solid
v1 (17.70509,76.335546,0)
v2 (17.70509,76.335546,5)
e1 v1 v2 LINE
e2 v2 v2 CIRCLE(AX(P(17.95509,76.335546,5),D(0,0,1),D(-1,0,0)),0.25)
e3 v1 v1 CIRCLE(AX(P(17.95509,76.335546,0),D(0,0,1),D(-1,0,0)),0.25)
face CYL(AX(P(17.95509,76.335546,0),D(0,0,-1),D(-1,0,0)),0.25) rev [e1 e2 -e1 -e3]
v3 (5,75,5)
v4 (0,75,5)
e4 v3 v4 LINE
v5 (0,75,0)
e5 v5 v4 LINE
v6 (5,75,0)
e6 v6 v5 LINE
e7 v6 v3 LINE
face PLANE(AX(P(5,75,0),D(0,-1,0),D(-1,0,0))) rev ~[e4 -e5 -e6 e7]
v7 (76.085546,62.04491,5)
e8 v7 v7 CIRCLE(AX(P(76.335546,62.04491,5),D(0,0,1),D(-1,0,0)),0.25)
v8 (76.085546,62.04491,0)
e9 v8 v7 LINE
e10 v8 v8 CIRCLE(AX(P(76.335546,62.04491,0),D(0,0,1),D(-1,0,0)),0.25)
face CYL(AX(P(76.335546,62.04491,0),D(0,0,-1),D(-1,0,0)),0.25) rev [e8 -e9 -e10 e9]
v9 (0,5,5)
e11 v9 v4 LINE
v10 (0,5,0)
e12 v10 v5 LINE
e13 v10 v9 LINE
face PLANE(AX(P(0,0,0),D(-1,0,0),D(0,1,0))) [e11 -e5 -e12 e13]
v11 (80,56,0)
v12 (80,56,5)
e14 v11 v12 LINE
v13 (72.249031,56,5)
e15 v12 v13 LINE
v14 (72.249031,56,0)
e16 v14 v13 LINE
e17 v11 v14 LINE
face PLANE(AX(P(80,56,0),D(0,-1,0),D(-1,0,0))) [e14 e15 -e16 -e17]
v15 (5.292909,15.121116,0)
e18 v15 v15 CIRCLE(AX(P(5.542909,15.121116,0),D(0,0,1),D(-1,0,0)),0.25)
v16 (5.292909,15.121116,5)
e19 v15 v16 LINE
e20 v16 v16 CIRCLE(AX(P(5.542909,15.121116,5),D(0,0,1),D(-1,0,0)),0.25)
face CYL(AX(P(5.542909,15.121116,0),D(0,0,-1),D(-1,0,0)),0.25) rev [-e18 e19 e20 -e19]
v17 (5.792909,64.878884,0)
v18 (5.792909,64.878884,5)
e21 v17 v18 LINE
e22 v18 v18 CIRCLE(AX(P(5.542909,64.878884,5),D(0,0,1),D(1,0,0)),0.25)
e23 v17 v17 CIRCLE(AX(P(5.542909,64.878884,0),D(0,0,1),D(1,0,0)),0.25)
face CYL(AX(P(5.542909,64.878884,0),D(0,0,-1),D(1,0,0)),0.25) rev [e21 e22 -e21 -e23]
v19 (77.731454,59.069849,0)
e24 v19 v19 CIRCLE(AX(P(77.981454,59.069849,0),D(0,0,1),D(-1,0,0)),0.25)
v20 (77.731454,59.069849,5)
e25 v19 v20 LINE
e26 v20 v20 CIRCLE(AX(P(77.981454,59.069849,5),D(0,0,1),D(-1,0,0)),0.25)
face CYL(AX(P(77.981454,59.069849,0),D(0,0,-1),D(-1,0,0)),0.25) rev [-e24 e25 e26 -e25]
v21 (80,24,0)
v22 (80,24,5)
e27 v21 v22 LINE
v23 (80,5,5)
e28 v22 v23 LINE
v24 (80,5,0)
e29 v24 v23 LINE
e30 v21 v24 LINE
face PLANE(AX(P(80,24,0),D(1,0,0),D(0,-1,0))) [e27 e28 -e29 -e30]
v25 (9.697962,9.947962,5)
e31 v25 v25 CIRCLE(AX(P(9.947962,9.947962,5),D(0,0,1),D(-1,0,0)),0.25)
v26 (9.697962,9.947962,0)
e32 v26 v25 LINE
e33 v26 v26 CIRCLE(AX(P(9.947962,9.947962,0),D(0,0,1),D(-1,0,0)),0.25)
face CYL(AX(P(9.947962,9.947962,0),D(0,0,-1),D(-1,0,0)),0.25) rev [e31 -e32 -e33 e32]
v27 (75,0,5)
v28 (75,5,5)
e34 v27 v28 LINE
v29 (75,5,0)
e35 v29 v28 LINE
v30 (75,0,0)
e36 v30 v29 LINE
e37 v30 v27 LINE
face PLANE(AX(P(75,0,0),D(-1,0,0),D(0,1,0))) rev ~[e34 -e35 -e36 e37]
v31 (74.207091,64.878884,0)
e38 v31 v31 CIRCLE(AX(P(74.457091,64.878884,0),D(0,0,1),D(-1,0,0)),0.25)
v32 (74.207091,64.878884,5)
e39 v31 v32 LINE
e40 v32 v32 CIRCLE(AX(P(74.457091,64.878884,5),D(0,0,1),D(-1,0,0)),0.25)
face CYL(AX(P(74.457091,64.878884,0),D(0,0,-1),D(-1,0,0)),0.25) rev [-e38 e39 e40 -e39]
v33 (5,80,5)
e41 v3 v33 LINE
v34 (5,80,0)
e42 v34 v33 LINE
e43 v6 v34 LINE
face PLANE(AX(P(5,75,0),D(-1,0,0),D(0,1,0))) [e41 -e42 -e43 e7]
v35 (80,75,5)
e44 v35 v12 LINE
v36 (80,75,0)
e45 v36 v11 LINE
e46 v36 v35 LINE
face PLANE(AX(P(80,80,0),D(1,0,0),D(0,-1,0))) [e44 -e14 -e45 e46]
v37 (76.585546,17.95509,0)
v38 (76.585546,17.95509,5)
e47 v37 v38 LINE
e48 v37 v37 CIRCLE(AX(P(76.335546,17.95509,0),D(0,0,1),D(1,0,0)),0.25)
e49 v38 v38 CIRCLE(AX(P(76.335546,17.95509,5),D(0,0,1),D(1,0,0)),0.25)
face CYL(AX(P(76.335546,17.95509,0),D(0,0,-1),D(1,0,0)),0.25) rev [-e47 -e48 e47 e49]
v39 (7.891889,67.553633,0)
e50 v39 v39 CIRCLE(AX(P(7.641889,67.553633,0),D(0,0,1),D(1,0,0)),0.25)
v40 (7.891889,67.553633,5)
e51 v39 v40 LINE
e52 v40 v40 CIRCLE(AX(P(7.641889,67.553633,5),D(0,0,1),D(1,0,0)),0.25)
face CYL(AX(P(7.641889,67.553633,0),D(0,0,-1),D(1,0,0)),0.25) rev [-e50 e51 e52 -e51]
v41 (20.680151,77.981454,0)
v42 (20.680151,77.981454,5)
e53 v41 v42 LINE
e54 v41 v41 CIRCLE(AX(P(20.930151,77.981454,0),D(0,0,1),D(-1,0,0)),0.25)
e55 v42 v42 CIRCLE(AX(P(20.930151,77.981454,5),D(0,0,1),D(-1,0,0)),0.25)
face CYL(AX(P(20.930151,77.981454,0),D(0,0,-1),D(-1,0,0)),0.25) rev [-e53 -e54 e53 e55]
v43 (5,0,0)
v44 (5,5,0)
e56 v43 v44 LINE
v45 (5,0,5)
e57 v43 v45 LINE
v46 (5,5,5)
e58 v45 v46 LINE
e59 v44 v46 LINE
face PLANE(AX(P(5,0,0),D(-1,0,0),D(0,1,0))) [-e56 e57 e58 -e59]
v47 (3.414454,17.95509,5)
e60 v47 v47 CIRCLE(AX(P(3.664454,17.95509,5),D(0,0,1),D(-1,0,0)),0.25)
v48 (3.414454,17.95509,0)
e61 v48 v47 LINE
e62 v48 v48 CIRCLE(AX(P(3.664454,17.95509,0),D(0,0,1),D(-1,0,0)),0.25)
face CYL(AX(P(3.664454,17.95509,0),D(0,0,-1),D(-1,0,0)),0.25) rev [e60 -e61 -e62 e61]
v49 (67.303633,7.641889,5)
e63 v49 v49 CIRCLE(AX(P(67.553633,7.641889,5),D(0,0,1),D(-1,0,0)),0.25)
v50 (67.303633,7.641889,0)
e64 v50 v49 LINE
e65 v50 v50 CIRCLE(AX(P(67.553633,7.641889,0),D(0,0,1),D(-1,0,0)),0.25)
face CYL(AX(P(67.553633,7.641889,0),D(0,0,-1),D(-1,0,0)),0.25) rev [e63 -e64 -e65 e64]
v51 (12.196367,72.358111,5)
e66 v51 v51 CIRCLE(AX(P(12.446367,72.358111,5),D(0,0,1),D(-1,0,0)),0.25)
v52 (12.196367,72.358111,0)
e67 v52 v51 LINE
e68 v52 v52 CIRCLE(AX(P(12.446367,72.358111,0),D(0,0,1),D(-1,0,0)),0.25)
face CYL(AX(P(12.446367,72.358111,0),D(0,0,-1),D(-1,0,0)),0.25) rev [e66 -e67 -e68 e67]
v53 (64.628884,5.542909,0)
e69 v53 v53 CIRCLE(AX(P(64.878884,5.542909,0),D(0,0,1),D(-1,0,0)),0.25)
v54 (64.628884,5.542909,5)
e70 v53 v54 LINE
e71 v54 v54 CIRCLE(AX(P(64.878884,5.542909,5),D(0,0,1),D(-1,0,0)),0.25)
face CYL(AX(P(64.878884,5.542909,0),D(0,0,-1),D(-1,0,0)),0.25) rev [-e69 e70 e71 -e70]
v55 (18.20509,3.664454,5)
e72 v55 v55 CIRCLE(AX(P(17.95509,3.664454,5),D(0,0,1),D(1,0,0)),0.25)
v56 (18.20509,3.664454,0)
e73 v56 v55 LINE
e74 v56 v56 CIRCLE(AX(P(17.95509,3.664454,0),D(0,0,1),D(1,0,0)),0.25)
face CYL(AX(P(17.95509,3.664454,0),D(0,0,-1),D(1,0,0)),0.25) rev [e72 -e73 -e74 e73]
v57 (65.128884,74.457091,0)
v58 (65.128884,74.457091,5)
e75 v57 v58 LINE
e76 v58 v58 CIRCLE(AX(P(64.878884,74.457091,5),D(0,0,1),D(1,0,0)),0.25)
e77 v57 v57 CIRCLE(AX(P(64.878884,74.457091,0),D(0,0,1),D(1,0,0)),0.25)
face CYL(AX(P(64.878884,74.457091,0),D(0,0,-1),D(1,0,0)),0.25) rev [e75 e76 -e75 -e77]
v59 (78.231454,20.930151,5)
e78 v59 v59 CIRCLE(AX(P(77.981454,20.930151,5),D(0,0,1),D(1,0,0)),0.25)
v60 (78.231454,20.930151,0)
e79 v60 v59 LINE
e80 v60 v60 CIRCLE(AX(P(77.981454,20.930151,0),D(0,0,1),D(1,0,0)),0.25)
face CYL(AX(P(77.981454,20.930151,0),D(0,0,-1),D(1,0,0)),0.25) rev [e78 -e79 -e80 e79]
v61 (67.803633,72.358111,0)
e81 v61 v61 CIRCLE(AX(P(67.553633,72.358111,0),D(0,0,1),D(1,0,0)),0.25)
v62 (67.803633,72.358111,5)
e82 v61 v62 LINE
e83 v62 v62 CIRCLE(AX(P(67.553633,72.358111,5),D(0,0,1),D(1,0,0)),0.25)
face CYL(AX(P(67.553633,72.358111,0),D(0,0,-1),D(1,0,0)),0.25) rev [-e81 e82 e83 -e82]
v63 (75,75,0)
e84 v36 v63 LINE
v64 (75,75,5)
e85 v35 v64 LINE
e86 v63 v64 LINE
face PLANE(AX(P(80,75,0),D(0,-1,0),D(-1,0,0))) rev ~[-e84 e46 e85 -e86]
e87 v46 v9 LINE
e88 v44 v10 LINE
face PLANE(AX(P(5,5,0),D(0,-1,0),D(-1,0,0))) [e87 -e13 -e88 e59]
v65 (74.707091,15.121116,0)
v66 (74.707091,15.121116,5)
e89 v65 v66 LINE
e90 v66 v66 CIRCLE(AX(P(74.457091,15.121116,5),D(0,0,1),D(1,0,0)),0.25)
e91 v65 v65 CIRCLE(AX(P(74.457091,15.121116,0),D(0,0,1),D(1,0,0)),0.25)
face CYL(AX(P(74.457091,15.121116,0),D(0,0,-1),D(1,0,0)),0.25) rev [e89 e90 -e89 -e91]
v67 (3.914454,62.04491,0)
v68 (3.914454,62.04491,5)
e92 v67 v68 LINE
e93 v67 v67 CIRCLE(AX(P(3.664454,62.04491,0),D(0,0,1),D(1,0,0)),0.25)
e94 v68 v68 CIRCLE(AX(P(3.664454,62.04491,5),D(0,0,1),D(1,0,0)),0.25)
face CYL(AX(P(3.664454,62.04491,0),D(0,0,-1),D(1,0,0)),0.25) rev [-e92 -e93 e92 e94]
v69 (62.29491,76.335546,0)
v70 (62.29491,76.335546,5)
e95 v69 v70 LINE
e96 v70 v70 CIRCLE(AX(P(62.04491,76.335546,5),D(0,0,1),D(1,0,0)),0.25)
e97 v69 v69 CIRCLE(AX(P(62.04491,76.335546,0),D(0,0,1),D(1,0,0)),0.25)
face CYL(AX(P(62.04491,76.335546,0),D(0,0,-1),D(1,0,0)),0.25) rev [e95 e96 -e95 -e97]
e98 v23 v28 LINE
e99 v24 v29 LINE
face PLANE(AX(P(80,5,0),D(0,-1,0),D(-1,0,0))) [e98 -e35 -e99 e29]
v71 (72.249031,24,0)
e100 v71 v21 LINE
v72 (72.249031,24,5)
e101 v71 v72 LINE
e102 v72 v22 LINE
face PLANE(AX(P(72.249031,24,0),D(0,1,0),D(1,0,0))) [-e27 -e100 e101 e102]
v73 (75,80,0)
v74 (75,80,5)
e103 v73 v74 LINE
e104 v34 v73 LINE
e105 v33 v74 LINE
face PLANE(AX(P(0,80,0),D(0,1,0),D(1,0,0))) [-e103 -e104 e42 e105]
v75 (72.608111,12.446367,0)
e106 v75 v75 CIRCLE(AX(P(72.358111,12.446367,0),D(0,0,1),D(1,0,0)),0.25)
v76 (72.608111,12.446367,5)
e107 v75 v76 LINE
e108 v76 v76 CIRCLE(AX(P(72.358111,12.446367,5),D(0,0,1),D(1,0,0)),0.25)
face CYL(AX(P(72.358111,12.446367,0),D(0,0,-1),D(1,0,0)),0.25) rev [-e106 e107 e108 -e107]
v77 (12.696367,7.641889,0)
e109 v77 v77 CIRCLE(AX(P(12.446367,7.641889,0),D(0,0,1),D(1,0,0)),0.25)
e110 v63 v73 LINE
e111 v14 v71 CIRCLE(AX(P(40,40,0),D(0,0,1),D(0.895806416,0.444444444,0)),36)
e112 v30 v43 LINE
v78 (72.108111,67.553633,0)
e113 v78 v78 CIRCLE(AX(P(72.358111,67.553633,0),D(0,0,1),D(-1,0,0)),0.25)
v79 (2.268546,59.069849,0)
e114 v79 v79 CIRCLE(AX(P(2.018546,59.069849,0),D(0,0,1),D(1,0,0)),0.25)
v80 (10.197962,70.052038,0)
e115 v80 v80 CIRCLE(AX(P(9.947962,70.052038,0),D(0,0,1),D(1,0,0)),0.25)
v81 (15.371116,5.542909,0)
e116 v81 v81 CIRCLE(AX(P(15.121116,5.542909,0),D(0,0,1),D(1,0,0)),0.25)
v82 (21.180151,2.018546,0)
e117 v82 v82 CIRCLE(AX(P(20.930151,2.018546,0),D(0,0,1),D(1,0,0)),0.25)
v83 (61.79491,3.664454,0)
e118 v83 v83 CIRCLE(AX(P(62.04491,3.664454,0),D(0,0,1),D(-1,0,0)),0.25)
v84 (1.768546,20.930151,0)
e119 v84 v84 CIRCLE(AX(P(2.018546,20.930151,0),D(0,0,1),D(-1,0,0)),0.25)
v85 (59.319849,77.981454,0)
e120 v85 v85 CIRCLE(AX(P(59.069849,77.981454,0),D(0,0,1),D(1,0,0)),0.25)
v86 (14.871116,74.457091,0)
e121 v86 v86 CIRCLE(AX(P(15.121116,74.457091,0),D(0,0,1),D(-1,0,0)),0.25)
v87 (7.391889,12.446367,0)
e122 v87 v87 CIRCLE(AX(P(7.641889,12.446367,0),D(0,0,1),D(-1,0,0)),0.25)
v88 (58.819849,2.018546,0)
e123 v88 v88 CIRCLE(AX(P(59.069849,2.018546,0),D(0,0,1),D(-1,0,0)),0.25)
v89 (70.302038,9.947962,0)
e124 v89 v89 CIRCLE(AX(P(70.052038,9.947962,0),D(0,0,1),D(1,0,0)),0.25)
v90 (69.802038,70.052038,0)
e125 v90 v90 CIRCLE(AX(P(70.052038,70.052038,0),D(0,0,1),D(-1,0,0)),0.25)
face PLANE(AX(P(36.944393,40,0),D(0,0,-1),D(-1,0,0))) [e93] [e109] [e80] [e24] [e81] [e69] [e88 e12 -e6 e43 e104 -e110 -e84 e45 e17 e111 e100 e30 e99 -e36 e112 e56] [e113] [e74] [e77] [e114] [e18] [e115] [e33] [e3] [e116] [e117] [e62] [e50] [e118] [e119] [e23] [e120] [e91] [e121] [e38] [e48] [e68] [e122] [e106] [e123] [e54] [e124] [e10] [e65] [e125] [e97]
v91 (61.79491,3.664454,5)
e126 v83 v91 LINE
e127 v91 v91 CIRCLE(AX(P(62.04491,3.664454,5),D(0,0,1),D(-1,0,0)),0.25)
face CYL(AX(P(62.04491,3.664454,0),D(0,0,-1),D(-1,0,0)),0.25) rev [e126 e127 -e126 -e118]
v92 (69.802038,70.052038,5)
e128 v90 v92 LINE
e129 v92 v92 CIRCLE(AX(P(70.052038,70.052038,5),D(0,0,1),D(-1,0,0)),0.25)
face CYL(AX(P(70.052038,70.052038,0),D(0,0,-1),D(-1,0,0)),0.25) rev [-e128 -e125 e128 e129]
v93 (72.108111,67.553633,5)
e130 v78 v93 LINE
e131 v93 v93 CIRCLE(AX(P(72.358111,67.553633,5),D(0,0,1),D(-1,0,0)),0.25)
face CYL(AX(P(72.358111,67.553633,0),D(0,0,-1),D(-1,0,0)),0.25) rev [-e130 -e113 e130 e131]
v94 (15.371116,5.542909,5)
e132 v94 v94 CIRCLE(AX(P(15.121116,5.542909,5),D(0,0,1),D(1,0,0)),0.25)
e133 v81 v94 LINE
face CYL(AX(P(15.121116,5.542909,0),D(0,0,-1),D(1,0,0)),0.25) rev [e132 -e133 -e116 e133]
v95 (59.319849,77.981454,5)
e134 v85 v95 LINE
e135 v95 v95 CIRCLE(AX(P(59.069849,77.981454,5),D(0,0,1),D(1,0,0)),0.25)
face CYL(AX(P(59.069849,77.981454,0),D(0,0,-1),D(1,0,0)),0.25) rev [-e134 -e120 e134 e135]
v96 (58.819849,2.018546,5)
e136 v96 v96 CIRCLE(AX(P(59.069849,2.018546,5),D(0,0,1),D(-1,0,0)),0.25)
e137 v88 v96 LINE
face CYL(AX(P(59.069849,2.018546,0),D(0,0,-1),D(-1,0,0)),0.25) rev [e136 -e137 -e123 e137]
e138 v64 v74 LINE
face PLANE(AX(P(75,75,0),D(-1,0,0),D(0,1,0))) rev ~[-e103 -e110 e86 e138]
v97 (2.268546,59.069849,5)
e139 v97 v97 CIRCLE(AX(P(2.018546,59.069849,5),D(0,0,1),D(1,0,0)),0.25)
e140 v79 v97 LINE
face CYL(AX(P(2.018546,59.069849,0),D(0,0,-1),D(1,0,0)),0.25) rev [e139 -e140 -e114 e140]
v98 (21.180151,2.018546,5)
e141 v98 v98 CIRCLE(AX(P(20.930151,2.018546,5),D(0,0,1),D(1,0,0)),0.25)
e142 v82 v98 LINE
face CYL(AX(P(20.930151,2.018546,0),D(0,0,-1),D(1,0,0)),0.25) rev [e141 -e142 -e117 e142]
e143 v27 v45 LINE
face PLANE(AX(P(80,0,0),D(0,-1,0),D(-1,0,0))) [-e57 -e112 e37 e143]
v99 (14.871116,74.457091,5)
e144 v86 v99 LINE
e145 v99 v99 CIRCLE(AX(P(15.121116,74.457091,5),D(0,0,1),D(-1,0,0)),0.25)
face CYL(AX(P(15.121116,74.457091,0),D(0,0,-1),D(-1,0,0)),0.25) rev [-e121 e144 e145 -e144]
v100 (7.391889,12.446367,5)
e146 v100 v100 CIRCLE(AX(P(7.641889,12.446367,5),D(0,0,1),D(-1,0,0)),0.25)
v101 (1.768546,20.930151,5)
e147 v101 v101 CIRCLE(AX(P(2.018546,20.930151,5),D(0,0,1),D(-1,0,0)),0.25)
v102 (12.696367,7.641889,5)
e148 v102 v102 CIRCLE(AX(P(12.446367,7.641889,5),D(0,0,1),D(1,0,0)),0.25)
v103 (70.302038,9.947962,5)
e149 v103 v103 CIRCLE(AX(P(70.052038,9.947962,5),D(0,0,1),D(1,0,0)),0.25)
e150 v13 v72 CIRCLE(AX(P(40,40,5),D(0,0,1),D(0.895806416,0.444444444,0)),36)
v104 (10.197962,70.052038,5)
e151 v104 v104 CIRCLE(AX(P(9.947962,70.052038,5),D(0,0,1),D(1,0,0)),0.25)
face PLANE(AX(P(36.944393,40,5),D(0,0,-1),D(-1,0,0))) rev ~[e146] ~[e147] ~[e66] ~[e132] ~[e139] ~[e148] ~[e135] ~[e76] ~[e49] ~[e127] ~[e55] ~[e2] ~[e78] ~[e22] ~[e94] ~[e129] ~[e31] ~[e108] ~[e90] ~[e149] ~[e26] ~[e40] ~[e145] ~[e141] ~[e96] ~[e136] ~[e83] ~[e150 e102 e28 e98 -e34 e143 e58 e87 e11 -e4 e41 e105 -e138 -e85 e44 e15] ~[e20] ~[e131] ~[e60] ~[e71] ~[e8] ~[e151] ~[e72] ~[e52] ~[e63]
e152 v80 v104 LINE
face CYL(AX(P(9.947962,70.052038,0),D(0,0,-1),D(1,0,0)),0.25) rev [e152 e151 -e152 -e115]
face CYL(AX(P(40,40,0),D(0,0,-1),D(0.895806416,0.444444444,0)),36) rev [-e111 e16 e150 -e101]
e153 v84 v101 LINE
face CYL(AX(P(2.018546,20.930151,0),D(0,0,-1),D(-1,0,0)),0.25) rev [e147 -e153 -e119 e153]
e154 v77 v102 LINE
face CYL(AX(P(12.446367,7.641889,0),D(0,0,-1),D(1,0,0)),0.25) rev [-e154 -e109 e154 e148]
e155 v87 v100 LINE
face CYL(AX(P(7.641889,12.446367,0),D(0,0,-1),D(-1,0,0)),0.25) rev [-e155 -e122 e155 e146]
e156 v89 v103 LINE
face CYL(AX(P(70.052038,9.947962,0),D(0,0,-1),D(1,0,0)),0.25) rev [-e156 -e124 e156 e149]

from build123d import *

# Parameters (mm, degrees)
ESQUISSE1_R        = 0.25
BOSS_EXTRU_1_DEPTH = 5
ESQUISSE2_W        = 5
ESQUISSE2_H        = 5
CR_NEAUX_DEPTH     = 5


with BuildPart() as part:
    # Esquisse1 → Boss.-Extru.1 (new body)
    with BuildSketch(Plane.XY):
        with BuildLine():
            Line((0, 80), (80, 80))
            Line((80, 80), (80, 56))
            Line((80, 56), (72.249030993, 56))
            ThreePointArc((72.249030993, 56), (4, 40), (72.249030993, 24))
            Line((72.249030993, 24), (80, 24))
            Line((80, 24), (80, 0))
            Line((80, 0), (0, 0))
            Line((0, 0), (0, 80))
        make_face()
        with Locations((2.018546053, 59.069849399)):
            Circle(ESQUISSE1_R, mode=Mode.SUBTRACT)
        with Locations((7.641889366, 67.553632723)):
            Circle(ESQUISSE1_R, mode=Mode.SUBTRACT)
        with Locations((9.9479618, 70.0520382)):
            Circle(ESQUISSE1_R, mode=Mode.SUBTRACT)
        with Locations((3.664453699, 62.04491041)):
            Circle(ESQUISSE1_R, mode=Mode.SUBTRACT)
        with Locations((5.542908841, 64.878883995)):
            Circle(ESQUISSE1_R, mode=Mode.SUBTRACT)
        with Locations(Location((20.930150601, 77.981453947, 0), (0, 0, 180))):
            Circle(ESQUISSE1_R, mode=Mode.SUBTRACT)
        with Locations(Location((17.95508959, 76.335546301, 0), (0, 0, 180))):
            Circle(ESQUISSE1_R, mode=Mode.SUBTRACT)
        with Locations(Location((15.121116005, 74.457091159, 0), (0, 0, 180))):
            Circle(ESQUISSE1_R, mode=Mode.SUBTRACT)
        with Locations(Location((12.446367277, 72.358110634, 0), (0, 0, 180))):
            Circle(ESQUISSE1_R, mode=Mode.SUBTRACT)
        with Locations((67.553632723, 72.358110634)):
            Circle(ESQUISSE1_R, mode=Mode.SUBTRACT)
        with Locations((64.878883995, 74.457091159)):
            Circle(ESQUISSE1_R, mode=Mode.SUBTRACT)
        with Locations((62.04491041, 76.335546301)):
            Circle(ESQUISSE1_R, mode=Mode.SUBTRACT)
        with Locations((59.069849399, 77.981453947)):
            Circle(ESQUISSE1_R, mode=Mode.SUBTRACT)
        with Locations(Location((74.457091159, 64.878883995, 0), (0, 0, 180))):
            Circle(ESQUISSE1_R, mode=Mode.SUBTRACT)
        with Locations(Location((76.335546301, 62.04491041, 0), (0, 0, 180))):
            Circle(ESQUISSE1_R, mode=Mode.SUBTRACT)
        with Locations(Location((70.0520382, 70.0520382, 0), (0, 0, 180))):
            Circle(ESQUISSE1_R, mode=Mode.SUBTRACT)
        with Locations(Location((72.358110634, 67.553632723, 0), (0, 0, 180))):
            Circle(ESQUISSE1_R, mode=Mode.SUBTRACT)
        with Locations(Location((77.981453947, 59.069849399, 0), (0, 0, 180))):
            Circle(ESQUISSE1_R, mode=Mode.SUBTRACT)
        with Locations((77.981453947, 20.930150601)):
            Circle(ESQUISSE1_R, mode=Mode.SUBTRACT)
        with Locations((72.358110634, 12.446367277)):
            Circle(ESQUISSE1_R, mode=Mode.SUBTRACT)
        with Locations((70.0520382, 9.9479618)):
            Circle(ESQUISSE1_R, mode=Mode.SUBTRACT)
        with Locations((76.335546301, 17.95508959)):
            Circle(ESQUISSE1_R, mode=Mode.SUBTRACT)
        with Locations((74.457091159, 15.121116005)):
            Circle(ESQUISSE1_R, mode=Mode.SUBTRACT)
        with Locations(Location((59.069849399, 2.018546053, 0), (0, 0, 180))):
            Circle(ESQUISSE1_R, mode=Mode.SUBTRACT)
        with Locations(Location((62.04491041, 3.664453699, 0), (0, 0, 180))):
            Circle(ESQUISSE1_R, mode=Mode.SUBTRACT)
        with Locations(Location((64.878883995, 5.542908841, 0), (0, 0, 180))):
            Circle(ESQUISSE1_R, mode=Mode.SUBTRACT)
        with Locations(Location((67.553632723, 7.641889366, 0), (0, 0, 180))):
            Circle(ESQUISSE1_R, mode=Mode.SUBTRACT)
        with Locations((12.446367277, 7.641889366)):
            Circle(ESQUISSE1_R, mode=Mode.SUBTRACT)
        with Locations((15.121116005, 5.542908841)):
            Circle(ESQUISSE1_R, mode=Mode.SUBTRACT)
        with Locations((17.95508959, 3.664453699)):
            Circle(ESQUISSE1_R, mode=Mode.SUBTRACT)
        with Locations((20.930150601, 2.018546053)):
            Circle(ESQUISSE1_R, mode=Mode.SUBTRACT)
        with Locations(Location((5.542908841, 15.121116005, 0), (0, 0, 180))):
            Circle(ESQUISSE1_R, mode=Mode.SUBTRACT)
        with Locations(Location((3.664453699, 17.95508959, 0), (0, 0, 180))):
            Circle(ESQUISSE1_R, mode=Mode.SUBTRACT)
        with Locations(Location((9.9479618, 9.9479618, 0), (0, 0, 180))):
            Circle(ESQUISSE1_R, mode=Mode.SUBTRACT)
        with Locations(Location((7.641889366, 12.446367277, 0), (0, 0, 180))):
            Circle(ESQUISSE1_R, mode=Mode.SUBTRACT)
        with Locations(Location((2.018546053, 20.930150601, 0), (0, 0, 180))):
            Circle(ESQUISSE1_R, mode=Mode.SUBTRACT)
    extrude(amount=BOSS_EXTRU_1_DEPTH)

    # Esquisse2 → Créneaux - (cut)
    with BuildSketch(Plane(origin=(0, 0, 0), x_dir=(-1, 0, 0), z_dir=(0, 0, -1))):
        with Locations((-2.5, 2.5)):
            Rectangle(ESQUISSE2_W, ESQUISSE2_H)
        with Locations((-77.5, 2.5)):
            Rectangle(ESQUISSE2_W, ESQUISSE2_H)
        with Locations((-77.5, 77.5)):
            Rectangle(ESQUISSE2_W, ESQUISSE2_H)
        with Locations((-2.5, 77.5)):
            Rectangle(ESQUISSE2_W, ESQUISSE2_H)
    extrude(amount=-CR_NEAUX_DEPTH, mode=Mode.SUBTRACT)


solid = part.part
